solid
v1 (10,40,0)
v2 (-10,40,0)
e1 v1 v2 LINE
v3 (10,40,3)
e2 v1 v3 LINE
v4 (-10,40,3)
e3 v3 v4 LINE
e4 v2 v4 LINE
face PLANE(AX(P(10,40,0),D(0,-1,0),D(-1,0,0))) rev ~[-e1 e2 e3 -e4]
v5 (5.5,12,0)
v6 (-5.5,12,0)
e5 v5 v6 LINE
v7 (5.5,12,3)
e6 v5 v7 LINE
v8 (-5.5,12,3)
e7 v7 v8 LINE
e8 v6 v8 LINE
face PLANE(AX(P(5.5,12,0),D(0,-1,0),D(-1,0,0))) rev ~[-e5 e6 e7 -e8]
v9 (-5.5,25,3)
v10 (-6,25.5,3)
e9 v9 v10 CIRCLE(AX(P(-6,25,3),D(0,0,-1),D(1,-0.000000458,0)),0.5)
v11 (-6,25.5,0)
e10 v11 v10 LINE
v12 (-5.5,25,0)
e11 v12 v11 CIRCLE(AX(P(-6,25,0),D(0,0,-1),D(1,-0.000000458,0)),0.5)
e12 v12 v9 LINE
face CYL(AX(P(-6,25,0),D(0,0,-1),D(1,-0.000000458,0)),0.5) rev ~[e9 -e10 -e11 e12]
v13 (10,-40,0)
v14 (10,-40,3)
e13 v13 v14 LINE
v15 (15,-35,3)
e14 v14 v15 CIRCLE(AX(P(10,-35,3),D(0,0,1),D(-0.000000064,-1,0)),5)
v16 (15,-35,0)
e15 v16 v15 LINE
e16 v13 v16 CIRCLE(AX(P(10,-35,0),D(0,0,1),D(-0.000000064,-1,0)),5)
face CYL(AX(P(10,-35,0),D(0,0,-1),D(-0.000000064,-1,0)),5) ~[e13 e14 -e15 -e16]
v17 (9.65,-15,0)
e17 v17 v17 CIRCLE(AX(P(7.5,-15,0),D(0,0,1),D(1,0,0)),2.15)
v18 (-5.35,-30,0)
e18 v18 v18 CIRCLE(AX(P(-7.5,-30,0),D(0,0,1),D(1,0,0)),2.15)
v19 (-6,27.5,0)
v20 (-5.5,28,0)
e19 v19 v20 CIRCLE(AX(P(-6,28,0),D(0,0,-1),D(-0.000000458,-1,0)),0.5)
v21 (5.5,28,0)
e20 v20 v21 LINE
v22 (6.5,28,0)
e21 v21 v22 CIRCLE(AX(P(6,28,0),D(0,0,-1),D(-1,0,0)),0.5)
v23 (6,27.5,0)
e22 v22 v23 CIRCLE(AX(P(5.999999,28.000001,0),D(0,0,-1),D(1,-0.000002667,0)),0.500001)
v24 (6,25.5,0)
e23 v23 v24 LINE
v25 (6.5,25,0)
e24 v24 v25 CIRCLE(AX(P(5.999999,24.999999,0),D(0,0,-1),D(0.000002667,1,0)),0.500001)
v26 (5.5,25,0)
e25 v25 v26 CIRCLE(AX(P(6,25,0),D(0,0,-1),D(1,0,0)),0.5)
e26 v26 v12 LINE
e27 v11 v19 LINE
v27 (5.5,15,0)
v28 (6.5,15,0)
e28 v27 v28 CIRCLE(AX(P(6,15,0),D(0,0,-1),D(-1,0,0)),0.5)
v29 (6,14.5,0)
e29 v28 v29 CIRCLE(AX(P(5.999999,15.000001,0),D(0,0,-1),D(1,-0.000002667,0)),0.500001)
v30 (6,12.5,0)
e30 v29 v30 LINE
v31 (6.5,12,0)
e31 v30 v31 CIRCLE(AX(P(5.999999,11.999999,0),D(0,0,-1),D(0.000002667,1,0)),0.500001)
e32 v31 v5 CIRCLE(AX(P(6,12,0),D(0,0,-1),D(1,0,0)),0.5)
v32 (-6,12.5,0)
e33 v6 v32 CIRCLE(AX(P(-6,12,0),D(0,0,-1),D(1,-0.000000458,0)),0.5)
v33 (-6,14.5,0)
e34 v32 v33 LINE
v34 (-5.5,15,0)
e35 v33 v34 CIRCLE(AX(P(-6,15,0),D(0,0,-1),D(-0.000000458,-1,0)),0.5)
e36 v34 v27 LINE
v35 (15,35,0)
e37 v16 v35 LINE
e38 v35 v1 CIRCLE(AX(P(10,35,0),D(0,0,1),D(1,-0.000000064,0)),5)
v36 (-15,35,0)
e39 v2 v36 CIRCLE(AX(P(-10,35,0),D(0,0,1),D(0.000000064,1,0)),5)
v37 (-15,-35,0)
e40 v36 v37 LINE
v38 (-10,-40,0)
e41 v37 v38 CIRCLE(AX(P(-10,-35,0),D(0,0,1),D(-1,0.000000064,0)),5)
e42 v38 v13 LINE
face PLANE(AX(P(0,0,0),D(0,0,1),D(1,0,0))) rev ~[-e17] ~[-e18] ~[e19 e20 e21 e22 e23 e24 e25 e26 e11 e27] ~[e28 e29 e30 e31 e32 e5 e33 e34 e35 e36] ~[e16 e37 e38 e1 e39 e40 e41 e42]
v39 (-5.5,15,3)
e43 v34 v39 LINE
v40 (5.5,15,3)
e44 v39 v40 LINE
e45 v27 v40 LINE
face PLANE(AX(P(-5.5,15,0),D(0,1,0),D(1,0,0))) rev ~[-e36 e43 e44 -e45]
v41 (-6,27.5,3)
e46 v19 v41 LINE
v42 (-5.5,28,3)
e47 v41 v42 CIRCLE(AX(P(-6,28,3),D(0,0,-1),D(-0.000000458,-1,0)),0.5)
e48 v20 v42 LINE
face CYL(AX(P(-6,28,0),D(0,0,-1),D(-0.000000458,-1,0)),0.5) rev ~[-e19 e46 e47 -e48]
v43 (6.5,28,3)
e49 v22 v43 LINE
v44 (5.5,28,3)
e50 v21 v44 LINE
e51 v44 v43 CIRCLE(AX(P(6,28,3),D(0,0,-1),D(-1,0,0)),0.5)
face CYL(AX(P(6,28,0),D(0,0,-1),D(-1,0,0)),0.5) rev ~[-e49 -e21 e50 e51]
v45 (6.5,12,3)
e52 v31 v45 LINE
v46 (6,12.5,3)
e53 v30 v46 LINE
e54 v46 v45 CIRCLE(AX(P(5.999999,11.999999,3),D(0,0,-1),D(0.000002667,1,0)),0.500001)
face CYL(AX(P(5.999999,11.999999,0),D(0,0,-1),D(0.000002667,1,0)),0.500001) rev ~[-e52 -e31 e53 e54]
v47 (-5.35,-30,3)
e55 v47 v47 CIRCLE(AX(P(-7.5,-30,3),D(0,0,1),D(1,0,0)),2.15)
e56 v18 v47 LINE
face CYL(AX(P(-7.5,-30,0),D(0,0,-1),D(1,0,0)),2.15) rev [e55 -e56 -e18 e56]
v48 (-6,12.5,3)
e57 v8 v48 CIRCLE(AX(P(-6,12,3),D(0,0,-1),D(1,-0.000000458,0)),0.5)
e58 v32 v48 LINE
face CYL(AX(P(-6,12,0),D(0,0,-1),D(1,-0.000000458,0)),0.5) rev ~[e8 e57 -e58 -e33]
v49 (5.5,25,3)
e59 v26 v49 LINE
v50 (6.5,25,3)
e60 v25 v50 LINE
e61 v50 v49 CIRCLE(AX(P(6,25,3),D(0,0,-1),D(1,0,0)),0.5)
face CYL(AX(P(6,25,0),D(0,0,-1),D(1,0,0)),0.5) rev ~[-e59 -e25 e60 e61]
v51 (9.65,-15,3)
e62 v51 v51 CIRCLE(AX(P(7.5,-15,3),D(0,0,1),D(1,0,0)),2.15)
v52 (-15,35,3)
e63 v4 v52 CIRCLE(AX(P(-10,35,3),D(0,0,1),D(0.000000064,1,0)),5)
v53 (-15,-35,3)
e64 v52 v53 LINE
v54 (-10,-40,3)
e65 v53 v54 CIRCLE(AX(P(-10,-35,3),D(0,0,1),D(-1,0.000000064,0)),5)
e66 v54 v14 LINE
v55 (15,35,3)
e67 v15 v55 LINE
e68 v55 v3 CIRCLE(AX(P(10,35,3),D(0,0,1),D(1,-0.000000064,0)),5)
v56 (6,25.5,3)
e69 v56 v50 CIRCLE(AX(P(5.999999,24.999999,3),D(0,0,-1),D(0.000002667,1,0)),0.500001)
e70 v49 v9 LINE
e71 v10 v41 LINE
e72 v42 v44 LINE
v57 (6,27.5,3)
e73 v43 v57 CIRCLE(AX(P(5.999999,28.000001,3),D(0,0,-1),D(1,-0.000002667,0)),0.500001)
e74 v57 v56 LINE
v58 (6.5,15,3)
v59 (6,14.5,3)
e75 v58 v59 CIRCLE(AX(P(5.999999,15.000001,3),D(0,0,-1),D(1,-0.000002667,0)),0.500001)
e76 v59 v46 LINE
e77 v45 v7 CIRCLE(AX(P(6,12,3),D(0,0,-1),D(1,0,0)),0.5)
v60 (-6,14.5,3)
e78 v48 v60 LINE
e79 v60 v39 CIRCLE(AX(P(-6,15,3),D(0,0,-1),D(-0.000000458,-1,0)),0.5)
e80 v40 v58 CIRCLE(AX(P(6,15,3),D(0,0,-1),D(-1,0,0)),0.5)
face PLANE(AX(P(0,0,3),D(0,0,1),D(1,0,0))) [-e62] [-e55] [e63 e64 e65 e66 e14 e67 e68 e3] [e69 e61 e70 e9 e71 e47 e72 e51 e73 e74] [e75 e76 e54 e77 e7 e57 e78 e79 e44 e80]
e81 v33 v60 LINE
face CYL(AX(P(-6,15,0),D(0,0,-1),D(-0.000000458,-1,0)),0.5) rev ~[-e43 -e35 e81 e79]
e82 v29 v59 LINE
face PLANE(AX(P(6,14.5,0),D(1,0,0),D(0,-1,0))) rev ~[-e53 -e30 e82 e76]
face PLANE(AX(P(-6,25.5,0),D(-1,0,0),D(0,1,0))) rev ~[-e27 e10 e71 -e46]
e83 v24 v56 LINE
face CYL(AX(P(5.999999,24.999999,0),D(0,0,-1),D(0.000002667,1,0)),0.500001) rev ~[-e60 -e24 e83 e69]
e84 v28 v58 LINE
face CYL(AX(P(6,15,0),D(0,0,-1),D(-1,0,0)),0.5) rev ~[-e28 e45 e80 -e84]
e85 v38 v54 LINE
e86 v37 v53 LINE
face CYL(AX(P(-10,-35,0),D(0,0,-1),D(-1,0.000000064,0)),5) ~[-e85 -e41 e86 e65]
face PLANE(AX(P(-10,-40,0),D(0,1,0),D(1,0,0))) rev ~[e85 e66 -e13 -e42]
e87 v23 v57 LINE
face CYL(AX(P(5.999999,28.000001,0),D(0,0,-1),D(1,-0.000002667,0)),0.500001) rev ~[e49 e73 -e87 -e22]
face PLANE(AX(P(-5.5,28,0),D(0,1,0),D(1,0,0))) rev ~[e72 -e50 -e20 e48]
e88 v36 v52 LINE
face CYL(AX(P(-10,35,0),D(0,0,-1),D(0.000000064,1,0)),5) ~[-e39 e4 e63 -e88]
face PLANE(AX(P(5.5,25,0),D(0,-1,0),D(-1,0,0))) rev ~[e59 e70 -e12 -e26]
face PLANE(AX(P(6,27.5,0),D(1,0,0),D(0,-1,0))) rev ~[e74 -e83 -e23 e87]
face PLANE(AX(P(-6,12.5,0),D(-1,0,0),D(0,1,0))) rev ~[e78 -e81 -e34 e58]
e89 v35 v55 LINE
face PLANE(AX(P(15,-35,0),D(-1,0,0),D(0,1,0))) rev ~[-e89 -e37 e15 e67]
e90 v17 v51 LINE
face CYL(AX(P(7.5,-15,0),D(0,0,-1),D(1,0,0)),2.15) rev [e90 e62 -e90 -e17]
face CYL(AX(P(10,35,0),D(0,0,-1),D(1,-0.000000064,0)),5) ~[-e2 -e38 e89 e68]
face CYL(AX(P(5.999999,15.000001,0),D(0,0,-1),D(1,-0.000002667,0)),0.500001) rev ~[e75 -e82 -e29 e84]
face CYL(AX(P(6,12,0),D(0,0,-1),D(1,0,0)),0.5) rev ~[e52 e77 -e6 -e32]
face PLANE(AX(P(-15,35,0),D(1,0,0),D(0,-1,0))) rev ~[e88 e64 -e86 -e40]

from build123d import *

# Parameters (mm, degrees)
F0_R     = 2.15
F1_DEPTH = 3


with BuildPart() as f1:
    # F0 (on Top) → F1 (new body)
    with BuildSketch(Plane.XY):
        with BuildLine():
            ThreePointArc((15, 35), (13.535534, 38.535534), (10, 40))
            Line((10, 40), (-10, 40))
            ThreePointArc((-10, 40), (-13.535534, 38.535534), (-15, 35))
            Line((-15, 35), (-15, -35))
            ThreePointArc((-15, -35), (-13.535534, -38.535534), (-10, -40))
            Line((-10, -40), (10, -40))
            ThreePointArc((10, -40), (13.535534, -38.535534), (15, -35))
            Line((15, -35), (15, 35))
        make_face()
        with Locations((-7.5, -30)):
            Circle(F0_R, mode=Mode.SUBTRACT)
        with Locations((7.5, -15)):
            Circle(F0_R, mode=Mode.SUBTRACT)
        with BuildLine():
            Line((5.5, 12), (-5.5, 12))
            ThreePointArc((-5.5, 12), (-6.353553, 11.646447), (-6, 12.5))
            Line((-6, 12.5), (-6, 14.5))
            ThreePointArc((-6, 14.5), (-6.353553, 15.353553), (-5.5, 15))
            Line((-5.5, 15), (5.5, 15))
            ThreePointArc((5.5, 15), (6, 15.5), (6.5, 15))
            ThreePointArc((6.5, 15), (6.353553, 14.646447), (6, 14.5))
            Line((6, 14.5), (6, 12.5))
            ThreePointArc((6, 12.5), (6.353553, 12.353553), (6.5, 12))
            ThreePointArc((6.5, 12), (6, 11.5), (5.5, 12))
        make_face(mode=Mode.SUBTRACT)
        with BuildLine():
            Line((5.5, 25), (-5.5, 25))
            ThreePointArc((-5.5, 25), (-6.353553, 24.646447), (-6, 25.5))
            Line((-6, 25.5), (-6, 27.5))
            ThreePointArc((-6, 27.5), (-6.353553, 28.353553), (-5.5, 28))
            Line((-5.5, 28), (5.5, 28))
            ThreePointArc((5.5, 28), (6, 28.5), (6.5, 28))
            ThreePointArc((6.5, 28), (6.353553, 27.646447), (6, 27.5))
            Line((6, 27.5), (6, 25.5))
            ThreePointArc((6, 25.5), (6.353553, 25.353553), (6.5, 25))
            ThreePointArc((6.5, 25), (6, 24.5), (5.5, 25))
        make_face(mode=Mode.SUBTRACT)
    extrude(amount=F1_DEPTH)


solid = f1.part
